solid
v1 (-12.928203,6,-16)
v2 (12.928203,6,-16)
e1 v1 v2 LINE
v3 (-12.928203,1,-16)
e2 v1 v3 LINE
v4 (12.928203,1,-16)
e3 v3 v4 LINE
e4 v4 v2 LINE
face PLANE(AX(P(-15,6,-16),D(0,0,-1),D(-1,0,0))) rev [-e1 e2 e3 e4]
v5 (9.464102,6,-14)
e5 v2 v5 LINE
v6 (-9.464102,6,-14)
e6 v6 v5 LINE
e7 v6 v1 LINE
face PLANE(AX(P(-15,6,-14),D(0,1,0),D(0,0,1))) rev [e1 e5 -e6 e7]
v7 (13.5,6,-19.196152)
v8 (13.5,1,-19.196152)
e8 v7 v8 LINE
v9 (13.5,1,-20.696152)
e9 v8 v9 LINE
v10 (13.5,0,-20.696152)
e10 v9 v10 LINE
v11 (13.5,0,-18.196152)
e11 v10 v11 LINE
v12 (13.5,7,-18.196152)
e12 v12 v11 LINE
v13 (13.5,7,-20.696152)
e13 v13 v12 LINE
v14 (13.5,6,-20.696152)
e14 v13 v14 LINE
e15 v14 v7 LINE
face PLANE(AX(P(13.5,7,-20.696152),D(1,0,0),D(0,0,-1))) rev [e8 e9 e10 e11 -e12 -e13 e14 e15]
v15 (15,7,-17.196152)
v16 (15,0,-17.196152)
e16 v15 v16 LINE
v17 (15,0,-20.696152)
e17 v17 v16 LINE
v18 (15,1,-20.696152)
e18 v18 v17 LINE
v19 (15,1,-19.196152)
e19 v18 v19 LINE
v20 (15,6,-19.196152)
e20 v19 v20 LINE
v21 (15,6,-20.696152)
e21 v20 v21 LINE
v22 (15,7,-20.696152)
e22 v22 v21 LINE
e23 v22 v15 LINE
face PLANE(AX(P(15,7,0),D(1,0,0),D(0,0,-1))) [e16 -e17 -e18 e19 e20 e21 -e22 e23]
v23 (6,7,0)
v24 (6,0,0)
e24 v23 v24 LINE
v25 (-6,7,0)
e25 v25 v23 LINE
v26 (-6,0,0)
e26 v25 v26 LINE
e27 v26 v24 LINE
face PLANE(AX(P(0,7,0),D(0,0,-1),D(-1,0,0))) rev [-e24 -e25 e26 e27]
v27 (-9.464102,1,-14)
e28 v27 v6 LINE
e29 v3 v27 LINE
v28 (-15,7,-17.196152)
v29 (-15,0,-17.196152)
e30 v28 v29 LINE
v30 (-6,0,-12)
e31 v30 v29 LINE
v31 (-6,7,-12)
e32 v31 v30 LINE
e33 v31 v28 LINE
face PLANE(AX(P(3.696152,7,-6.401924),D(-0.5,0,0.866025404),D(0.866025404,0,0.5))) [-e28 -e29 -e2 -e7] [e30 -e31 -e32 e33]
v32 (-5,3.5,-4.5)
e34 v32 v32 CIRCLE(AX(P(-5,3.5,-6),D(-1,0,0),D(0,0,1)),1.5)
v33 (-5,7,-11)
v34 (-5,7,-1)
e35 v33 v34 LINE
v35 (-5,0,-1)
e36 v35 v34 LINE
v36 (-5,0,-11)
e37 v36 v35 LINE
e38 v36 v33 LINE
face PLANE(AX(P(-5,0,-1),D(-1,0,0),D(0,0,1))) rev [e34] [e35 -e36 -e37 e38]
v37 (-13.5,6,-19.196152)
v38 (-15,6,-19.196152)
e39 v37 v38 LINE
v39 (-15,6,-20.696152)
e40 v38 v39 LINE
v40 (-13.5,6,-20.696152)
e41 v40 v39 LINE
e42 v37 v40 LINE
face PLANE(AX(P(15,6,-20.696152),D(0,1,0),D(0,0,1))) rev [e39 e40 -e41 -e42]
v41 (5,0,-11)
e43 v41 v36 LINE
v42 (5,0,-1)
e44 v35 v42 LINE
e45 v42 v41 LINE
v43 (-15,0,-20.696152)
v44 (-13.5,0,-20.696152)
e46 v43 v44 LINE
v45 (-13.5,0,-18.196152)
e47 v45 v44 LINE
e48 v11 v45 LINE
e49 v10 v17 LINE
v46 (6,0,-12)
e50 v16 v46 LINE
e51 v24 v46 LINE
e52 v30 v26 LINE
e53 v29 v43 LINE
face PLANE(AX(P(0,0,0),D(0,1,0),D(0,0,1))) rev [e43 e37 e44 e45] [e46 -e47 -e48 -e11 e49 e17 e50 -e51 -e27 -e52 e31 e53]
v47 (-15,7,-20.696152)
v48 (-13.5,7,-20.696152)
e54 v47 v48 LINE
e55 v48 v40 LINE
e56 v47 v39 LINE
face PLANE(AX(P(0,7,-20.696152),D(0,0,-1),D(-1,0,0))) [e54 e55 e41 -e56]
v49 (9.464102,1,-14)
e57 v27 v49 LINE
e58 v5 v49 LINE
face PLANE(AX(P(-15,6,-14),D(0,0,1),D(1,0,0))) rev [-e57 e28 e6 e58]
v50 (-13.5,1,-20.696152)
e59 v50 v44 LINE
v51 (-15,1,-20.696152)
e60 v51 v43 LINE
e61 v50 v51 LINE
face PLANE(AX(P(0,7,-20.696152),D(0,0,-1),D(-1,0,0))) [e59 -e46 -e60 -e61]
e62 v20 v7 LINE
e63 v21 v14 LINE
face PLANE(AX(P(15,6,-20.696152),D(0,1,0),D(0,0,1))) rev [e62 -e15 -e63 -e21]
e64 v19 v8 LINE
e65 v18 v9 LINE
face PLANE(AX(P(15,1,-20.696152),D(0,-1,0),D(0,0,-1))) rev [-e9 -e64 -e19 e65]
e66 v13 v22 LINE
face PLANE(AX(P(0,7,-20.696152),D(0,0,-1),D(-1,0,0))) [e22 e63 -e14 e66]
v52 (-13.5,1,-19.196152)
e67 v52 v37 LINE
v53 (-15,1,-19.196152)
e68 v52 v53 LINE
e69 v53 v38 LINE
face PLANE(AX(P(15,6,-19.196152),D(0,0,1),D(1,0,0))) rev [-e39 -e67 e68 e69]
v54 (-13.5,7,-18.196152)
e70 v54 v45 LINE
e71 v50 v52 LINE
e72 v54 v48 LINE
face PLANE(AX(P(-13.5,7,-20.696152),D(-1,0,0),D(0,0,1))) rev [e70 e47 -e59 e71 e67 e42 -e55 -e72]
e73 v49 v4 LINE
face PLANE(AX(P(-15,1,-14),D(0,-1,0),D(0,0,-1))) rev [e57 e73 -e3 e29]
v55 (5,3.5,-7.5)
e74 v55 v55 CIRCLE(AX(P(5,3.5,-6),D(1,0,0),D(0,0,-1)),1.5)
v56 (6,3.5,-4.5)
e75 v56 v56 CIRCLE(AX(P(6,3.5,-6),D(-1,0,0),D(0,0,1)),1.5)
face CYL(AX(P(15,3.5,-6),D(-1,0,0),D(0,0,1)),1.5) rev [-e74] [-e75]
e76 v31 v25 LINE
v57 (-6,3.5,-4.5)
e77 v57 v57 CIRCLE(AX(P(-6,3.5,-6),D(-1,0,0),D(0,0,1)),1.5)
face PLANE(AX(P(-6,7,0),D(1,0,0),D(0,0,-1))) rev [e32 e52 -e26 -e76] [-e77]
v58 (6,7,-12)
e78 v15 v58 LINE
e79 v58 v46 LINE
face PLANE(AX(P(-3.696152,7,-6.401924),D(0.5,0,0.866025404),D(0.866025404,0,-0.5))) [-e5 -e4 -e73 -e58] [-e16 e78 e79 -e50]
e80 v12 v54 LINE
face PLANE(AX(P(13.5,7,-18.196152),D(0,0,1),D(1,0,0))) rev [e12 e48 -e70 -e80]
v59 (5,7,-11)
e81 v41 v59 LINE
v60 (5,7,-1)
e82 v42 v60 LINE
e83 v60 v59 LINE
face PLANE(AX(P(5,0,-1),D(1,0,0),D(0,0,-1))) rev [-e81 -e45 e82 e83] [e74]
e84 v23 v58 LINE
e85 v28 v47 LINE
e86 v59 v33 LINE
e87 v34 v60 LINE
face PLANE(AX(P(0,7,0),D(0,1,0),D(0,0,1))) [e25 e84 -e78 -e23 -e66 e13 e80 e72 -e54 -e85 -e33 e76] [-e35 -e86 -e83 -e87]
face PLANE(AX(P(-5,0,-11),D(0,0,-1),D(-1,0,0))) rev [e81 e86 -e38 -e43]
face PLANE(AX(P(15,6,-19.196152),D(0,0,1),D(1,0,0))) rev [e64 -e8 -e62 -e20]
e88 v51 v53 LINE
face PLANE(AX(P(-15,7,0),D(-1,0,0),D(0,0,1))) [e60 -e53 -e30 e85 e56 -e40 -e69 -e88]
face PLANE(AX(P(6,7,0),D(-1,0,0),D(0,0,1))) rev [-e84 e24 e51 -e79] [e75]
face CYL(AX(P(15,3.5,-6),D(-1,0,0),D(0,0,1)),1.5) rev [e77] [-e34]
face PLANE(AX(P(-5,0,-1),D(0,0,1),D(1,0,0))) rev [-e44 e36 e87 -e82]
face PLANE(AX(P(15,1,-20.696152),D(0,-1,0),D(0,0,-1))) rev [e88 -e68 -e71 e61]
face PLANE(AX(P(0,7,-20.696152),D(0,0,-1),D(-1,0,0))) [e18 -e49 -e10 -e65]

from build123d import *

# Parameters (mm, degrees)
SKETCH_1_W          = 12
SKETCH_1_H          = 12
EXTRUDE_1_DEPTH     = 7
SKETCH_2_W          = 10
SKETCH_2_H          = 10
CUT_EXTRUDE_1_DEPTH = 8
SKETCH_4_R          = 1.5
CUT_EXTRUDE_2_DEPTH = 22
SKETCH_5_W          = 27
SKETCH_5_H          = 2.5
CUT_EXTRUDE_3_DEPTH = 8
SKETCH_6_W          = 2
SKETCH_6_H          = 5
CUT_EXTRUDE_4_DEPTH = 31
SKETCH_7_W          = 1.5
SKETCH_7_H          = 5
CUT_EXTRUDE_5_DEPTH = 31


with BuildPart() as part:
    # Эскиз1 → Бобышка-Вытянуть1 (new body)
    with BuildSketch(Plane(origin=(0, 0, 0), x_dir=(1, 0, 0), z_dir=(0, 1, 0))):
        with Locations((0, 6)):
            Rectangle(SKETCH_1_W, SKETCH_1_H)
        Polygon((-15, 17.196152423), (-6, 12), (6, 12), (15, 17.196152423), (15, 20.696152423), (-15, 20.696152423), align=None)
    extrude(amount=EXTRUDE_1_DEPTH)

    # Эскиз2 → Вырез-Вытянуть1 (cut, through all)
    with BuildSketch(Plane(origin=(0, 7, 0), x_dir=(1, 0, 0), z_dir=(0, 1, 0))):
        with Locations((0, 6)):
            Rectangle(SKETCH_2_W, SKETCH_2_H)
    extrude(amount=-CUT_EXTRUDE_1_DEPTH, mode=Mode.SUBTRACT)

    # Эскиз4 → Вырез-Вытянуть2 (cut, through all)
    with BuildSketch(Plane.ZY.offset(6)):
        with Locations((-6, 3.5)):
            Circle(SKETCH_4_R)
    extrude(amount=-CUT_EXTRUDE_2_DEPTH, mode=Mode.SUBTRACT)

    # Эскиз5 → Вырез-Вытянуть3 (cut, through all)
    with BuildSketch(Plane.XZ):
        with Locations((0, -19.446152423)):
            Rectangle(SKETCH_5_W, SKETCH_5_H)
    extrude(amount=-CUT_EXTRUDE_3_DEPTH, mode=Mode.SUBTRACT)

    # Эскиз6 → Вырез-Вытянуть4 (cut, through all)
    with BuildSketch(Plane(origin=(15, 0, 0), x_dir=(0, 0, -1), z_dir=(1, 0, 0))):
        with Locations((15, 3.5)):
            Rectangle(SKETCH_6_W, SKETCH_6_H)
    extrude(amount=-CUT_EXTRUDE_4_DEPTH, mode=Mode.SUBTRACT)

    # Эскиз7 → Вырез-Вытянуть5 (cut, through all)
    with BuildSketch(Plane.ZY.offset(15)):
        with Locations((-19.946152423, 3.5)):
            Rectangle(SKETCH_7_W, SKETCH_7_H)
    extrude(amount=-CUT_EXTRUDE_5_DEPTH, mode=Mode.SUBTRACT)


solid = part.part
